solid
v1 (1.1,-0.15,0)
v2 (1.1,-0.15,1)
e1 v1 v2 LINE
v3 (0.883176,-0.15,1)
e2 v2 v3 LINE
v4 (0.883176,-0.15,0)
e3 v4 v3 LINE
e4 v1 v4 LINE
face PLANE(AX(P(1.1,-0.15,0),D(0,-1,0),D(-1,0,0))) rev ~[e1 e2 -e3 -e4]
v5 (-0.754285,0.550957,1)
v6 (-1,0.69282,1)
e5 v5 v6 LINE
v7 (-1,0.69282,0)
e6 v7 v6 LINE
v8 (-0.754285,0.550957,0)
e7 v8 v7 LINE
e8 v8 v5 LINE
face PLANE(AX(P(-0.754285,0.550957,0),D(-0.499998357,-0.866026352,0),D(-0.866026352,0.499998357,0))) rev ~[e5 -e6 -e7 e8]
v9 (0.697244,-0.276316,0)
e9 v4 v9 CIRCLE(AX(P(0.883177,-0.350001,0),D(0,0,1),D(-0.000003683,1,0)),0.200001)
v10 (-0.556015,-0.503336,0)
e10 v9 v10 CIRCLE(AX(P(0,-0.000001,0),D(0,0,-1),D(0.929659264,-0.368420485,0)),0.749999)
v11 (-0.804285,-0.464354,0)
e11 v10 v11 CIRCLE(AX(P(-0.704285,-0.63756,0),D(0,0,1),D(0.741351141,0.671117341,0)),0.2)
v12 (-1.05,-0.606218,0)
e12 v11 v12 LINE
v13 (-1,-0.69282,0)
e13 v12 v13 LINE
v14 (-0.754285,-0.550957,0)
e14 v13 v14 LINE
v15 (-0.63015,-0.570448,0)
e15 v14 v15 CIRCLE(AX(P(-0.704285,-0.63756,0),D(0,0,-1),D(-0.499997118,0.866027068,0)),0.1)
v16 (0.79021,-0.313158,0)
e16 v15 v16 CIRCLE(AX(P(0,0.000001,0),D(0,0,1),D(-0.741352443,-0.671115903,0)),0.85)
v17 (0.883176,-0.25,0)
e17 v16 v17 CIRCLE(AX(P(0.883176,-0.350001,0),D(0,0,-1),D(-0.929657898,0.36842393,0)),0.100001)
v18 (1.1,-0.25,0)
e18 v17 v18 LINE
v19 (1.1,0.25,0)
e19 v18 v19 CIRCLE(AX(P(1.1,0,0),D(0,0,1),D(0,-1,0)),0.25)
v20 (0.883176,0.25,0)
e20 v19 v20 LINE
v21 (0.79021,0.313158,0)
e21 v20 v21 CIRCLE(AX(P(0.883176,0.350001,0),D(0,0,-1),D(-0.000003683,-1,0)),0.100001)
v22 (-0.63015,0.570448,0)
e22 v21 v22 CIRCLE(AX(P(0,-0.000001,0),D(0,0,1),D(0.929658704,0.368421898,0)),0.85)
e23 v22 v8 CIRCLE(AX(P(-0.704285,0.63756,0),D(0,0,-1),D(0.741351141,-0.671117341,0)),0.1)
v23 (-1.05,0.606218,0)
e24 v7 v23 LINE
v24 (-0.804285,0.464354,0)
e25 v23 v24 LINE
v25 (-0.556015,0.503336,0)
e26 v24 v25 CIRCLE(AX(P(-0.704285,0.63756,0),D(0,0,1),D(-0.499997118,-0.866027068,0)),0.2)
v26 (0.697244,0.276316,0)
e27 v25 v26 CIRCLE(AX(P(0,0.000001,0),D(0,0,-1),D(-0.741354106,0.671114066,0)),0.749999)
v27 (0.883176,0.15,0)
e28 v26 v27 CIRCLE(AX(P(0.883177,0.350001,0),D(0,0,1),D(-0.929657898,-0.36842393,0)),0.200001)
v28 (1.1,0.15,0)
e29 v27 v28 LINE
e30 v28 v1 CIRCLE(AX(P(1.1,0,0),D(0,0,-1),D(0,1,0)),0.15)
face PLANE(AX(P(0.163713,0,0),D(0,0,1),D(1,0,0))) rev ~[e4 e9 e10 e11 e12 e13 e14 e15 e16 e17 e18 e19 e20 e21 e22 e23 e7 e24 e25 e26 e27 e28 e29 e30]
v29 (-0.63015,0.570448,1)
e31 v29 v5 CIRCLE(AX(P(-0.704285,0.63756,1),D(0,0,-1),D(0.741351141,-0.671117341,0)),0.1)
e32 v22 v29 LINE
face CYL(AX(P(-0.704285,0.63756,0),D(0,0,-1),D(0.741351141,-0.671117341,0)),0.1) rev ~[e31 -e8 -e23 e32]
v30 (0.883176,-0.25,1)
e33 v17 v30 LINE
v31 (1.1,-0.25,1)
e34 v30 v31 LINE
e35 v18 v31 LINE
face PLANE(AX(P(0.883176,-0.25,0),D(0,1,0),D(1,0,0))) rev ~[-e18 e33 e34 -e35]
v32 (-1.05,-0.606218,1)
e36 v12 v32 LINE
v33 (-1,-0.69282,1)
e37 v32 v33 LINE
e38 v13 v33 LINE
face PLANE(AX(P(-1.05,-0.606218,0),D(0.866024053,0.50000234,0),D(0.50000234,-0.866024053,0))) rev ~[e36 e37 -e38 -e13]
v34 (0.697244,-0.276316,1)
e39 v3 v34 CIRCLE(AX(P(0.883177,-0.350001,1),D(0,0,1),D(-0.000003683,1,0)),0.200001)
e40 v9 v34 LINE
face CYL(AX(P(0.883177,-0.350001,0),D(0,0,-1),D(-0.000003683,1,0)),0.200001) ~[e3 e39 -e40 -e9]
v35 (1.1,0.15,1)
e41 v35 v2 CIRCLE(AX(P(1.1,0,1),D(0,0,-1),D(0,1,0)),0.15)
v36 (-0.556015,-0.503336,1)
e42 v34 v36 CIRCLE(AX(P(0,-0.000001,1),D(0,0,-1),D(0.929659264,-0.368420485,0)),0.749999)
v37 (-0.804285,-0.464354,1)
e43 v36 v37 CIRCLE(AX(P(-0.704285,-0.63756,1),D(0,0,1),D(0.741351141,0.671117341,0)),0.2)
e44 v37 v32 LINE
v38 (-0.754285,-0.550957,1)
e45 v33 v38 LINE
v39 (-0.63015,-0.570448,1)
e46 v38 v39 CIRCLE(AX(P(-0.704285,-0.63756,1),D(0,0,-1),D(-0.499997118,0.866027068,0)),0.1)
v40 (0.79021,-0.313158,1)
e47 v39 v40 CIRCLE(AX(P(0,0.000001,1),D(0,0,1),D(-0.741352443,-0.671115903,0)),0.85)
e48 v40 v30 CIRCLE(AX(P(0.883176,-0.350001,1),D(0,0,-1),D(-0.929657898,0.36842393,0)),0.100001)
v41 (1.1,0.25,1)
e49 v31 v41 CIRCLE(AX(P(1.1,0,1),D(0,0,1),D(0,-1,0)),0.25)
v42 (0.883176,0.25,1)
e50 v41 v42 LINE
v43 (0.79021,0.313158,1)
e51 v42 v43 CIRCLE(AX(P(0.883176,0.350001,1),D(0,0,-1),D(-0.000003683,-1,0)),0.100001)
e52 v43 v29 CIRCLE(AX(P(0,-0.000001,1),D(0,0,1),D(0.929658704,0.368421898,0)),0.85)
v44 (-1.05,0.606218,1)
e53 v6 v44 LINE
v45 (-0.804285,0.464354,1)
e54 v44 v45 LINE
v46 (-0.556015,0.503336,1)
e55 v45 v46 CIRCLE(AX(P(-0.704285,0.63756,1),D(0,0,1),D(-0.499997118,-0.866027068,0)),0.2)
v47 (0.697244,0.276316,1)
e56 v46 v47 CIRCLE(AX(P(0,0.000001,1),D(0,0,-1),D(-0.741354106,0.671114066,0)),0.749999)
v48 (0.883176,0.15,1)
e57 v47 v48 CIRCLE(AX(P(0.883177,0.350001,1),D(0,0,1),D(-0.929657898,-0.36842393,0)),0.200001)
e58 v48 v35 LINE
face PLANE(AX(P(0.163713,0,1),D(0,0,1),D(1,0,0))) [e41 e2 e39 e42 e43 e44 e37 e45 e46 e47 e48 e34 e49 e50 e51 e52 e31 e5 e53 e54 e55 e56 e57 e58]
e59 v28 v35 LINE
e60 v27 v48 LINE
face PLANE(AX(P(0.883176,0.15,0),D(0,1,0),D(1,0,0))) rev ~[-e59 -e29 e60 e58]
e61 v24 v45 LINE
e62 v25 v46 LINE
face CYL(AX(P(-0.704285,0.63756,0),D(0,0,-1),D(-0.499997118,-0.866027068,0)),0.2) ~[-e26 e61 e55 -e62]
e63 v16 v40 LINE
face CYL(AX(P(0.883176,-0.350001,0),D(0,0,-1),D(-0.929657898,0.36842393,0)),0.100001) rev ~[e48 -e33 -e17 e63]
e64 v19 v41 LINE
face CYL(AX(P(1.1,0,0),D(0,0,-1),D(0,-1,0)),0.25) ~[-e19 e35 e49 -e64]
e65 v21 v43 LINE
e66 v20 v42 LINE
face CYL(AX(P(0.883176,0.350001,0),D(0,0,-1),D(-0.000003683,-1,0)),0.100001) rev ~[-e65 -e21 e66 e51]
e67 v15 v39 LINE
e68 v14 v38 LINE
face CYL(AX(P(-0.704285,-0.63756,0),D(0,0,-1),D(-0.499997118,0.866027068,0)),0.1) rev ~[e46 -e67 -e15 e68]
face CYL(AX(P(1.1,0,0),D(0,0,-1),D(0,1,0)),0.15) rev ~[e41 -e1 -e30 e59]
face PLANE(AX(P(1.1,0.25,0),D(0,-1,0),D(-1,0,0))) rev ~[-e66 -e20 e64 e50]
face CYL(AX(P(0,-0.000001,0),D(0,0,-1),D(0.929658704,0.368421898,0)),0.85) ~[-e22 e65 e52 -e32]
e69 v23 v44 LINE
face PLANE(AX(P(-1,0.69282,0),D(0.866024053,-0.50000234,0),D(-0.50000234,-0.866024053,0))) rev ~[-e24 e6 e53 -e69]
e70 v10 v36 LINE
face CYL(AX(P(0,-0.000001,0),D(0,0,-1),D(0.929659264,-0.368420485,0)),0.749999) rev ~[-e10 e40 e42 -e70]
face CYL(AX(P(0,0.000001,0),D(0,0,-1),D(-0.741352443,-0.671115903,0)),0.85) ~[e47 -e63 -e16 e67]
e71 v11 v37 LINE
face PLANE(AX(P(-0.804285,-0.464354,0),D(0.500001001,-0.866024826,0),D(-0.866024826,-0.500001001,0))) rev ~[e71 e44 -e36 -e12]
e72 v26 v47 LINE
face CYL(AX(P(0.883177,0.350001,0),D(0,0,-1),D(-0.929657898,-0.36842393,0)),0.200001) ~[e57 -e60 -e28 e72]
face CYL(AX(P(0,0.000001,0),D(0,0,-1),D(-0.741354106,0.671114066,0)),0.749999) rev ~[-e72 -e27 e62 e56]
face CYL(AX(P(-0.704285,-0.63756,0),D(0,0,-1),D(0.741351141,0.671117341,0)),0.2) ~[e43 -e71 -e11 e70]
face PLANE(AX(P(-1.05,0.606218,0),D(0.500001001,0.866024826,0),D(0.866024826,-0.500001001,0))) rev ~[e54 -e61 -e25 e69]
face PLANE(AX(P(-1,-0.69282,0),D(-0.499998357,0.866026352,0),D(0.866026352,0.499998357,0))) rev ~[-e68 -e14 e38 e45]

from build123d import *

# Parameters (mm, degrees)
F1_DEPTH = 1


with BuildPart() as f1:
    # F0 (on Top) → F1 (new body)
    with BuildSketch(Plane.XY):
        with BuildLine():
            ThreePointArc((-0.556015, 0.503336), (0.133683, 0.73799), (0.697244, 0.276316))
            ThreePointArc((0.697244, 0.276316), (0.770786, 0.184566), (0.883176, 0.15))
            Line((0.883176, 0.15), (1.1, 0.15))
            ThreePointArc((1.1, 0.15), (1.25, 0), (1.1, -0.15))
            Line((1.1, -0.15), (0.883176, -0.15))
            ThreePointArc((0.883176, -0.15), (0.770786, -0.184566), (0.697244, -0.276316))
            ThreePointArc((0.697244, -0.276316), (0.133683, -0.73799), (-0.556015, -0.503336))
            ThreePointArc((-0.556015, -0.503336), (-0.673263, -0.43998), (-0.804285, -0.464354))
            Line((-0.804285, -0.464354), (-1.05, -0.606218))
            Line((-1.05, -0.606218), (-1, -0.69282))
            Line((-1, -0.69282), (-0.754285, -0.550957))
            ThreePointArc((-0.754285, -0.550957), (-0.688774, -0.53877), (-0.63015, -0.570448))
            ThreePointArc((-0.63015, -0.570448), (0.151507, -0.836388), (0.79021, -0.313158))
            ThreePointArc((0.79021, -0.313158), (0.826981, -0.267283), (0.883176, -0.25))
            Line((0.883176, -0.25), (1.1, -0.25))
            ThreePointArc((1.1, -0.25), (1.35, 0), (1.1, 0.25))
            Line((1.1, 0.25), (0.883176, 0.25))
            ThreePointArc((0.883176, 0.25), (0.826981, 0.267283), (0.79021, 0.313158))
            ThreePointArc((0.79021, 0.313158), (0.151507, 0.836388), (-0.63015, 0.570448))
            ThreePointArc((-0.63015, 0.570448), (-0.688774, 0.53877), (-0.754285, 0.550957))
            Line((-0.754285, 0.550957), (-1, 0.69282))
            Line((-1, 0.69282), (-1.05, 0.606218))
            Line((-1.05, 0.606218), (-0.804285, 0.464354))
            ThreePointArc((-0.804285, 0.464354), (-0.673263, 0.43998), (-0.556015, 0.503336))
        make_face()
    extrude(amount=F1_DEPTH)


solid = f1.part
